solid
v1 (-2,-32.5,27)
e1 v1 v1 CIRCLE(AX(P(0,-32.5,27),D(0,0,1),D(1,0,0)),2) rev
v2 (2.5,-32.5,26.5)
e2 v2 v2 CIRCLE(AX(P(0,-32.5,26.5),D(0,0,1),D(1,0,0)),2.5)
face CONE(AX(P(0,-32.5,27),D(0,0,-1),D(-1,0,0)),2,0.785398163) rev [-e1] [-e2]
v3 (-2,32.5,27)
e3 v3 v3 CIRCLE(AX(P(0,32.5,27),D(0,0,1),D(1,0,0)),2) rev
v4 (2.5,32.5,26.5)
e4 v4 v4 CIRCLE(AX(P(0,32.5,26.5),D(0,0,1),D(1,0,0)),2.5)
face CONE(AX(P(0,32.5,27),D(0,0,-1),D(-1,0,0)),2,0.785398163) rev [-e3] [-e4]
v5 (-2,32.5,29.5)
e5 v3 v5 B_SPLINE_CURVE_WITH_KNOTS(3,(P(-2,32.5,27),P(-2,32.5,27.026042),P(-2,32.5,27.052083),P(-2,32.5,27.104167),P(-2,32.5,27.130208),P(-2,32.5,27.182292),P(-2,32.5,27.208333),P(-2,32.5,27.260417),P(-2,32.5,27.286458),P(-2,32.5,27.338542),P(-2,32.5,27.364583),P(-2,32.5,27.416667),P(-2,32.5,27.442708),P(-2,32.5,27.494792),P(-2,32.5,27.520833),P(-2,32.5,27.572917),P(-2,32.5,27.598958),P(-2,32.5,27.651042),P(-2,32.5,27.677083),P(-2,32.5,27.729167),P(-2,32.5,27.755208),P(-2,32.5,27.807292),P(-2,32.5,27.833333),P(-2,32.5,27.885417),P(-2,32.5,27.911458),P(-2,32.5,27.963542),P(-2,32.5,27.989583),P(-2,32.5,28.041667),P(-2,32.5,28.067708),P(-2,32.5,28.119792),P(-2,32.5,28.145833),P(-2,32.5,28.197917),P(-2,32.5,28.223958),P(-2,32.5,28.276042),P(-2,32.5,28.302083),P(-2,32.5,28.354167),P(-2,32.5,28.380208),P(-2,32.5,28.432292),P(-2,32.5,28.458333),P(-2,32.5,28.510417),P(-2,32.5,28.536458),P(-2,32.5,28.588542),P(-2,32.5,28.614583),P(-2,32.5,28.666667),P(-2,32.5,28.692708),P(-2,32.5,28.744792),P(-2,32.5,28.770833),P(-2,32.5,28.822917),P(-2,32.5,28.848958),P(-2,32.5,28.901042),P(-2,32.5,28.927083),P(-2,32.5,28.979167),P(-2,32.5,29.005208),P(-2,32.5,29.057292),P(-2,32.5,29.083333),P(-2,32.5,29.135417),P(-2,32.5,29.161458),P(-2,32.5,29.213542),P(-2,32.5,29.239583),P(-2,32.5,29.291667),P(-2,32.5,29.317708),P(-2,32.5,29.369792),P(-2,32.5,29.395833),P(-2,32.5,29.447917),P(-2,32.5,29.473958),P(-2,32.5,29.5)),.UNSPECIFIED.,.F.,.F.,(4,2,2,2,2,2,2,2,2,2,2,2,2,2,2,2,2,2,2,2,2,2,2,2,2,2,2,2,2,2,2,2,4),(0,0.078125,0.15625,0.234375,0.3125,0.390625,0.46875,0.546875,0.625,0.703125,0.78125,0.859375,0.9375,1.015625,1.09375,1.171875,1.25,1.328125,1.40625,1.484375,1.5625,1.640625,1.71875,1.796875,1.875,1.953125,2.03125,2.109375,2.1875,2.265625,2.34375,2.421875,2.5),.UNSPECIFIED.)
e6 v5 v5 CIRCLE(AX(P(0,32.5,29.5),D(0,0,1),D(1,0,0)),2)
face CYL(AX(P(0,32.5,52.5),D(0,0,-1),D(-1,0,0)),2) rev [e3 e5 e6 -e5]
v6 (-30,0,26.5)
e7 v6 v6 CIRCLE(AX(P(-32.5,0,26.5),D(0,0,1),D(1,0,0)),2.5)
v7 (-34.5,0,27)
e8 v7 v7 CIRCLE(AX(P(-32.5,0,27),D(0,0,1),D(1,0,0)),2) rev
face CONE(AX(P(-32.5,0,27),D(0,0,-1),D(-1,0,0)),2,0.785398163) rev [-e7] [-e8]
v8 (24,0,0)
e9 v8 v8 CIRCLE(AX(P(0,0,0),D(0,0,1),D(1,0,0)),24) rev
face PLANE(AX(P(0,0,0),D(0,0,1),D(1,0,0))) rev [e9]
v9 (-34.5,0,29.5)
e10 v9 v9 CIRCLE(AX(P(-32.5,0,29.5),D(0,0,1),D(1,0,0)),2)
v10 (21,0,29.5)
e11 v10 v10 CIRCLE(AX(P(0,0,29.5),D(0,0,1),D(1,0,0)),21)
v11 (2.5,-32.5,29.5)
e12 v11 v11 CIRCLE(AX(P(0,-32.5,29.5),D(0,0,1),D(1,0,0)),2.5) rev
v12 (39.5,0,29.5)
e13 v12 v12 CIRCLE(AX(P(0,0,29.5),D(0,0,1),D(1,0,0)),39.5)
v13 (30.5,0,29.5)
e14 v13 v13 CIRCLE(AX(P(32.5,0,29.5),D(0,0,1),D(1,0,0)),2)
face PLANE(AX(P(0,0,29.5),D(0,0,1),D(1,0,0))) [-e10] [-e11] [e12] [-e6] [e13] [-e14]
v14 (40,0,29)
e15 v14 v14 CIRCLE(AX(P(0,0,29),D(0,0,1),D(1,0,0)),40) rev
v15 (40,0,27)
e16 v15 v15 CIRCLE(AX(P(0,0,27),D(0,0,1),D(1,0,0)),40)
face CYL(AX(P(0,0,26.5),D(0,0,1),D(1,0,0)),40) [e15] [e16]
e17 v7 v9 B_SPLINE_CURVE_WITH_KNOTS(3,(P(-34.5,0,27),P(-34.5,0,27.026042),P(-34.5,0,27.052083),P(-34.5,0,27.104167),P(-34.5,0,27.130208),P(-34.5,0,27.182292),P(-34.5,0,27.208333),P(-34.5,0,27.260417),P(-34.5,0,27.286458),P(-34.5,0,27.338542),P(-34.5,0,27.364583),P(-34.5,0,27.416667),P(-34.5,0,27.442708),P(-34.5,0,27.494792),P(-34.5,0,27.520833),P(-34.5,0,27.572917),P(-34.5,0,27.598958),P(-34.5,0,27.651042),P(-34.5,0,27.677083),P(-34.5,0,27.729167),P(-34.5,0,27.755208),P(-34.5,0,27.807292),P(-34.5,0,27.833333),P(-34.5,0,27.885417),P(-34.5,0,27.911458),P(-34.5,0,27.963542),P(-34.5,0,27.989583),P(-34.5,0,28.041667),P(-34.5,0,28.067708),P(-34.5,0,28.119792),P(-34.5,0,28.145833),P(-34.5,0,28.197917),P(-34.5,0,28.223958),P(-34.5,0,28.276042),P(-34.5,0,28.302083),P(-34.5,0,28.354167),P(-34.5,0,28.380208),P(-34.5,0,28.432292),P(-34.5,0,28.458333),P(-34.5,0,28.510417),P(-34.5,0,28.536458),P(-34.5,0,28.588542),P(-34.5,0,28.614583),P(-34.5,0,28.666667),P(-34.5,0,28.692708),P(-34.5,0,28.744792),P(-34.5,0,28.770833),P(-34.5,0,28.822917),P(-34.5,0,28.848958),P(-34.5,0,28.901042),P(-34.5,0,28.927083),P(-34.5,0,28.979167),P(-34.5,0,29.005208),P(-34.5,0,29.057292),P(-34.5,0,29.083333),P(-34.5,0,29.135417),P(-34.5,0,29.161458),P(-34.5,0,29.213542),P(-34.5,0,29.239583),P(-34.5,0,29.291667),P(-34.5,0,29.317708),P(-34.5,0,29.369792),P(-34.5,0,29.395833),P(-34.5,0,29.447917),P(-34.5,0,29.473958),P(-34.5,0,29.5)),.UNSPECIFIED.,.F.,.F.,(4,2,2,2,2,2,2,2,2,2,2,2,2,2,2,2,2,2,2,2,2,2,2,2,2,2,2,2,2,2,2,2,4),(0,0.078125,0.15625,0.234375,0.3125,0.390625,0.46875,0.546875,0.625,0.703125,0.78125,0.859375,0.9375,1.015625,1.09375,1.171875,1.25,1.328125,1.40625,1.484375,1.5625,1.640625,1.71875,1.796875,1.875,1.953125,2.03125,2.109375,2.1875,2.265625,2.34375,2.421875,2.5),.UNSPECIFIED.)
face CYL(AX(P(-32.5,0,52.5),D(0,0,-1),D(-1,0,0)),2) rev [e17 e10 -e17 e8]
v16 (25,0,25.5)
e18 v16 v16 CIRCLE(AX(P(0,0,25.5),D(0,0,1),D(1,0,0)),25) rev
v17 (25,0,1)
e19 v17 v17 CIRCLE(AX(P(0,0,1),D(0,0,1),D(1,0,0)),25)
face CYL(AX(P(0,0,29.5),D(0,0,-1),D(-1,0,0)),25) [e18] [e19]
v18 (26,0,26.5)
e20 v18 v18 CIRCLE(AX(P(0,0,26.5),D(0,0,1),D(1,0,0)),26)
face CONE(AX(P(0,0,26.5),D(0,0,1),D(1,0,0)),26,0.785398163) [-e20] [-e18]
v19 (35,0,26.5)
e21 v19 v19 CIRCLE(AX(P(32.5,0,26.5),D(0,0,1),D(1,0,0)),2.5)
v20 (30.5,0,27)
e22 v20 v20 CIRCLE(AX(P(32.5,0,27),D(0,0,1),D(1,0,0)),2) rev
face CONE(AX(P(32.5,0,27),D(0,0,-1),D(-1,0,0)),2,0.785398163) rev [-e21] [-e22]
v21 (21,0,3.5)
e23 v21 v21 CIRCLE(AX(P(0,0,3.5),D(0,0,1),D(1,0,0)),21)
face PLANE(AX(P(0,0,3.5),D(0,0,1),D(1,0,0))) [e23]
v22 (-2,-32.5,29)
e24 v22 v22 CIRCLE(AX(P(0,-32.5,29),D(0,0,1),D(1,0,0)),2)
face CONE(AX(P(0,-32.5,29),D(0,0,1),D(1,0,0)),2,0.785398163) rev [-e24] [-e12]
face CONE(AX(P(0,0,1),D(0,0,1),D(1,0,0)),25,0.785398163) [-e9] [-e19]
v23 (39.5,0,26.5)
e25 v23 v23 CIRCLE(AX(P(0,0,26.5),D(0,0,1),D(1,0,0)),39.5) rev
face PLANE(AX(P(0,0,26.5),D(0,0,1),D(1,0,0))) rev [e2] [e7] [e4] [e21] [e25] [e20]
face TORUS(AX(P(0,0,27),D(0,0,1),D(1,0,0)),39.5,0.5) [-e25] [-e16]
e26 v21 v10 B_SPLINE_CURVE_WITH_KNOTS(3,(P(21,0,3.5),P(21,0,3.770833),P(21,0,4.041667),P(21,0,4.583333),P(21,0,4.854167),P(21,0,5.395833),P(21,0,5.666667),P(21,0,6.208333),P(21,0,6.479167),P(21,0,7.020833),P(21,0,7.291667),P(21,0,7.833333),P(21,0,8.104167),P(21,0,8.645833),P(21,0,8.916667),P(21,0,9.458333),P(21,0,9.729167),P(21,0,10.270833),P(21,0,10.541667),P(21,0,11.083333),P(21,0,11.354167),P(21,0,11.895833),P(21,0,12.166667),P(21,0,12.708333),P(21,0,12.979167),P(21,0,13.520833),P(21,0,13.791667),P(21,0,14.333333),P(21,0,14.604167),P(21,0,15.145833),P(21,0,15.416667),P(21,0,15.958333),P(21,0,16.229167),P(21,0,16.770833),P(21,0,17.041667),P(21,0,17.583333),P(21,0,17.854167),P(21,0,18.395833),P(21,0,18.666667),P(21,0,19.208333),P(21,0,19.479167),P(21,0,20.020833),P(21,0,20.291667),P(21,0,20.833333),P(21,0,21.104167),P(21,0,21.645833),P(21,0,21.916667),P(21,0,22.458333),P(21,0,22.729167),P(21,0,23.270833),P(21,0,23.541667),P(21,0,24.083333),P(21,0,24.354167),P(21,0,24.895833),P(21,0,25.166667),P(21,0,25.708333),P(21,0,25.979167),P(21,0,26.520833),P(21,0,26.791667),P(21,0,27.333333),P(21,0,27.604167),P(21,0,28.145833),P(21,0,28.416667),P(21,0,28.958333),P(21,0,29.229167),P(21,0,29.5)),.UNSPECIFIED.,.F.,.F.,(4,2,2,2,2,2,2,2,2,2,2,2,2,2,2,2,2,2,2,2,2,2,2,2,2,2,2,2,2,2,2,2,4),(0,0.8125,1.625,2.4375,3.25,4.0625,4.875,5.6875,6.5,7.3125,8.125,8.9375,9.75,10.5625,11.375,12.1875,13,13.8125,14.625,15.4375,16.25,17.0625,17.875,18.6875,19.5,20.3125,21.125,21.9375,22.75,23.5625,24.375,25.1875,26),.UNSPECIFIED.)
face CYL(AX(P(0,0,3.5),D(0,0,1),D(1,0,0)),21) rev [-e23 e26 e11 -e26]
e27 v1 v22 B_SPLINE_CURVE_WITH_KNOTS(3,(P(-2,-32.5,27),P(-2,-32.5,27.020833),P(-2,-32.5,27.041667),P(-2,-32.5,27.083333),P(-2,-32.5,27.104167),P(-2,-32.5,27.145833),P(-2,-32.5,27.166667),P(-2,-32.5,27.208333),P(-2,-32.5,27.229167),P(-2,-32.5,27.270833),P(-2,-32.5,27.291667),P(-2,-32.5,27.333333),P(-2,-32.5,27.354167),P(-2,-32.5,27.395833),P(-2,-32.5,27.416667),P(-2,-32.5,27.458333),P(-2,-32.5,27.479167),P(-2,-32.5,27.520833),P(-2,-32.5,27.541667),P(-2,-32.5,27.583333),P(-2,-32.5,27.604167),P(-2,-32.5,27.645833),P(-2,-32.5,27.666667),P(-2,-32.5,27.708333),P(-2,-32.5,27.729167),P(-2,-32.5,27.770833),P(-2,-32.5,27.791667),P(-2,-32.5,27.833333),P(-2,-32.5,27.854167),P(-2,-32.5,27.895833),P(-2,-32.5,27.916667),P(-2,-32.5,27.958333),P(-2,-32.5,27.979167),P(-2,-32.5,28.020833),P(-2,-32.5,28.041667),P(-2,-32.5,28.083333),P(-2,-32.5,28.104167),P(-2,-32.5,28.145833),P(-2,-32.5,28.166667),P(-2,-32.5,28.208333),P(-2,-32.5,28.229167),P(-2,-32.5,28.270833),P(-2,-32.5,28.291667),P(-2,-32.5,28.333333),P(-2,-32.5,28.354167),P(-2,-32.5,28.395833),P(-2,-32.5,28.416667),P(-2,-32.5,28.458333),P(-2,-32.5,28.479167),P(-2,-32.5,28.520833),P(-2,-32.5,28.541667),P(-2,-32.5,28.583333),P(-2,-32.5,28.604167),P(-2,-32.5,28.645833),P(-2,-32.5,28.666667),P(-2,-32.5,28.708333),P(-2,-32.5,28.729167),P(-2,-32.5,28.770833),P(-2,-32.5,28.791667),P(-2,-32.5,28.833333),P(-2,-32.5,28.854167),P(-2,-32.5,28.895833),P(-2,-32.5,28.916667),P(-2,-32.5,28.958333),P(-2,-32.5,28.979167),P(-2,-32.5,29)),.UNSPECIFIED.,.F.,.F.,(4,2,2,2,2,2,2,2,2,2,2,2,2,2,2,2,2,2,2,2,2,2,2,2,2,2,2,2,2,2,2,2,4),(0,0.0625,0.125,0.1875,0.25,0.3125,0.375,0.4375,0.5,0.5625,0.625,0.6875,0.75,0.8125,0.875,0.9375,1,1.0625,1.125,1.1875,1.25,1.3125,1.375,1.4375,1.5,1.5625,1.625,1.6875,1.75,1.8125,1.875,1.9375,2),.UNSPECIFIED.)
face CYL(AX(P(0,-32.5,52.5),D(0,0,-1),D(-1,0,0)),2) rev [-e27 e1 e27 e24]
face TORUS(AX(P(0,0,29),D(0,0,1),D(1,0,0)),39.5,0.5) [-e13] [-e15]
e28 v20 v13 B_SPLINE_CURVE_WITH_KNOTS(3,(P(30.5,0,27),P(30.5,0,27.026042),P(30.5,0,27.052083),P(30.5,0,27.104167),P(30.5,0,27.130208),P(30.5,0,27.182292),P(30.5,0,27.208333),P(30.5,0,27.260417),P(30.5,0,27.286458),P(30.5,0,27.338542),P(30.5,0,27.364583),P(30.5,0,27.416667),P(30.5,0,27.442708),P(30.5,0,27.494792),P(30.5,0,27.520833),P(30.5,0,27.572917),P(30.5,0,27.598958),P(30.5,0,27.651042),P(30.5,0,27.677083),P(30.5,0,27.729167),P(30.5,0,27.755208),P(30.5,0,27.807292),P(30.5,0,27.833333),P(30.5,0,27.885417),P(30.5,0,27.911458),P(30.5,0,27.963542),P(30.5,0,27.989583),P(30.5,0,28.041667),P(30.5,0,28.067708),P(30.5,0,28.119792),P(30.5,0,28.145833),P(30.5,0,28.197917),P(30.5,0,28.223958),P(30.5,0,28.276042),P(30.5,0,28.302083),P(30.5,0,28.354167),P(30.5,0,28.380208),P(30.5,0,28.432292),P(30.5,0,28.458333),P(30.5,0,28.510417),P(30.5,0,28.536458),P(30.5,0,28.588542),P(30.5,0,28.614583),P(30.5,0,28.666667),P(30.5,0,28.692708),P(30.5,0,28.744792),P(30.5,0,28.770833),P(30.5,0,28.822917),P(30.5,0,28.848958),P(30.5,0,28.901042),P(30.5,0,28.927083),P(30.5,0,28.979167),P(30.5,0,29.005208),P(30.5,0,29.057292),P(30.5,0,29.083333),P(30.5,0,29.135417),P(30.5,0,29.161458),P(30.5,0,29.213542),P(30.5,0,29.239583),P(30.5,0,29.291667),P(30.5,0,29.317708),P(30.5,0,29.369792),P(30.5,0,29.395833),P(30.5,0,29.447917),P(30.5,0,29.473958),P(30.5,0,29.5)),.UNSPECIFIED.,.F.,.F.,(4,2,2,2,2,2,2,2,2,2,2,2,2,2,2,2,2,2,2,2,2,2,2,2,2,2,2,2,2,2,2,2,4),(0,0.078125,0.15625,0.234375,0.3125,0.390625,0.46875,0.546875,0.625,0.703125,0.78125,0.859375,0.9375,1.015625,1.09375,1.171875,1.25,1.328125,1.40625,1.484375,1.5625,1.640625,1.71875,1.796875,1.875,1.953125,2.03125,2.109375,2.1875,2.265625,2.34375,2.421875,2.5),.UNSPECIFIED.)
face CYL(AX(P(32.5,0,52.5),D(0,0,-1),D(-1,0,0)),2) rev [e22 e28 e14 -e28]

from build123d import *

# Parameters (mm, degrees)
SKETCH1_R           = 25
BOSS_EXTRUDE1_DEPTH = 29.5
SKETCH2_R           = 40
BOSS_EXTRUDE2_DEPTH = 3
CHAMFER1_SIZE       = 1
SKETCH3_R           = 21
CUT_EXTRUDE1_DEPTH  = 26
FILLET1_R           = 0.5
SKETCH4_R           = 2
CUT_EXTRUDE2_DEPTH  = 26
CIRPATTERN1_COUNT   = 4
CHAMFER2_SIZE       = 0.5


with BuildPart() as part:
    # Sketch1 → Boss-Extrude1 (new body)
    with BuildSketch(Plane.XY):
        Circle(SKETCH1_R)
    extrude(amount=BOSS_EXTRUDE1_DEPTH)

    # Sketch2 → Boss-Extrude2 (add)
    with BuildSketch(Plane.XY.offset(29.5)):
        Circle(SKETCH2_R)
    extrude(amount=-BOSS_EXTRUDE2_DEPTH)

    # Chamfer1
    chamfer1_edges = [part.edges().sort_by_distance(p)[0] for p in [
        (-25, 0, 0),
        (-25, 0, 26.5),
    ]]
    chamfer(chamfer1_edges, length=CHAMFER1_SIZE)

    # Sketch3 → Cut-Extrude1 (cut)
    with BuildSketch(Plane.XY.offset(29.5)):
        Circle(SKETCH3_R)
    extrude(amount=-CUT_EXTRUDE1_DEPTH, mode=Mode.SUBTRACT)

    # Fillet1
    fillet1_edges = [part.edges().sort_by_distance(p)[0] for p in [
        (-40, 0, 26.5),
        (-40, 0, 29.5),
    ]]
    fillet(fillet1_edges, radius=FILLET1_R)

    # Sketch4 → Cut-Extrude2 (cut)
    with BuildSketch(Plane(origin=(0, 0, 26.5), x_dir=(-1, 0, 0), z_dir=(0, 0, -1))):
        with Locations((0, 32.5)):
            Circle(SKETCH4_R)
    cut_extrude2 = extrude(amount=-CUT_EXTRUDE2_DEPTH, mode=Mode.SUBTRACT)

    # CirPattern1: Cut-Extrude2 ×4 about axis
    cirpattern1_axis = Axis((0, 0, 0), (0, 0, 1))
    for i in range(1, CIRPATTERN1_COUNT):
        add(cut_extrude2.rotate(cirpattern1_axis, i * 360 / CIRPATTERN1_COUNT), mode=Mode.SUBTRACT)

    # Chamfer2
    chamfer2_edges = [part.edges().sort_by_distance(p)[0] for p in [
        (2, 32.5, 26.5),
        (32.5, -2, 26.5),
        (-2, -32.5, 29.5),
        (-2, -32.5, 26.5),
        (-32.5, 2, 26.5),
    ]]
    chamfer(chamfer2_edges, length=CHAMFER2_SIZE)


solid = part.part
